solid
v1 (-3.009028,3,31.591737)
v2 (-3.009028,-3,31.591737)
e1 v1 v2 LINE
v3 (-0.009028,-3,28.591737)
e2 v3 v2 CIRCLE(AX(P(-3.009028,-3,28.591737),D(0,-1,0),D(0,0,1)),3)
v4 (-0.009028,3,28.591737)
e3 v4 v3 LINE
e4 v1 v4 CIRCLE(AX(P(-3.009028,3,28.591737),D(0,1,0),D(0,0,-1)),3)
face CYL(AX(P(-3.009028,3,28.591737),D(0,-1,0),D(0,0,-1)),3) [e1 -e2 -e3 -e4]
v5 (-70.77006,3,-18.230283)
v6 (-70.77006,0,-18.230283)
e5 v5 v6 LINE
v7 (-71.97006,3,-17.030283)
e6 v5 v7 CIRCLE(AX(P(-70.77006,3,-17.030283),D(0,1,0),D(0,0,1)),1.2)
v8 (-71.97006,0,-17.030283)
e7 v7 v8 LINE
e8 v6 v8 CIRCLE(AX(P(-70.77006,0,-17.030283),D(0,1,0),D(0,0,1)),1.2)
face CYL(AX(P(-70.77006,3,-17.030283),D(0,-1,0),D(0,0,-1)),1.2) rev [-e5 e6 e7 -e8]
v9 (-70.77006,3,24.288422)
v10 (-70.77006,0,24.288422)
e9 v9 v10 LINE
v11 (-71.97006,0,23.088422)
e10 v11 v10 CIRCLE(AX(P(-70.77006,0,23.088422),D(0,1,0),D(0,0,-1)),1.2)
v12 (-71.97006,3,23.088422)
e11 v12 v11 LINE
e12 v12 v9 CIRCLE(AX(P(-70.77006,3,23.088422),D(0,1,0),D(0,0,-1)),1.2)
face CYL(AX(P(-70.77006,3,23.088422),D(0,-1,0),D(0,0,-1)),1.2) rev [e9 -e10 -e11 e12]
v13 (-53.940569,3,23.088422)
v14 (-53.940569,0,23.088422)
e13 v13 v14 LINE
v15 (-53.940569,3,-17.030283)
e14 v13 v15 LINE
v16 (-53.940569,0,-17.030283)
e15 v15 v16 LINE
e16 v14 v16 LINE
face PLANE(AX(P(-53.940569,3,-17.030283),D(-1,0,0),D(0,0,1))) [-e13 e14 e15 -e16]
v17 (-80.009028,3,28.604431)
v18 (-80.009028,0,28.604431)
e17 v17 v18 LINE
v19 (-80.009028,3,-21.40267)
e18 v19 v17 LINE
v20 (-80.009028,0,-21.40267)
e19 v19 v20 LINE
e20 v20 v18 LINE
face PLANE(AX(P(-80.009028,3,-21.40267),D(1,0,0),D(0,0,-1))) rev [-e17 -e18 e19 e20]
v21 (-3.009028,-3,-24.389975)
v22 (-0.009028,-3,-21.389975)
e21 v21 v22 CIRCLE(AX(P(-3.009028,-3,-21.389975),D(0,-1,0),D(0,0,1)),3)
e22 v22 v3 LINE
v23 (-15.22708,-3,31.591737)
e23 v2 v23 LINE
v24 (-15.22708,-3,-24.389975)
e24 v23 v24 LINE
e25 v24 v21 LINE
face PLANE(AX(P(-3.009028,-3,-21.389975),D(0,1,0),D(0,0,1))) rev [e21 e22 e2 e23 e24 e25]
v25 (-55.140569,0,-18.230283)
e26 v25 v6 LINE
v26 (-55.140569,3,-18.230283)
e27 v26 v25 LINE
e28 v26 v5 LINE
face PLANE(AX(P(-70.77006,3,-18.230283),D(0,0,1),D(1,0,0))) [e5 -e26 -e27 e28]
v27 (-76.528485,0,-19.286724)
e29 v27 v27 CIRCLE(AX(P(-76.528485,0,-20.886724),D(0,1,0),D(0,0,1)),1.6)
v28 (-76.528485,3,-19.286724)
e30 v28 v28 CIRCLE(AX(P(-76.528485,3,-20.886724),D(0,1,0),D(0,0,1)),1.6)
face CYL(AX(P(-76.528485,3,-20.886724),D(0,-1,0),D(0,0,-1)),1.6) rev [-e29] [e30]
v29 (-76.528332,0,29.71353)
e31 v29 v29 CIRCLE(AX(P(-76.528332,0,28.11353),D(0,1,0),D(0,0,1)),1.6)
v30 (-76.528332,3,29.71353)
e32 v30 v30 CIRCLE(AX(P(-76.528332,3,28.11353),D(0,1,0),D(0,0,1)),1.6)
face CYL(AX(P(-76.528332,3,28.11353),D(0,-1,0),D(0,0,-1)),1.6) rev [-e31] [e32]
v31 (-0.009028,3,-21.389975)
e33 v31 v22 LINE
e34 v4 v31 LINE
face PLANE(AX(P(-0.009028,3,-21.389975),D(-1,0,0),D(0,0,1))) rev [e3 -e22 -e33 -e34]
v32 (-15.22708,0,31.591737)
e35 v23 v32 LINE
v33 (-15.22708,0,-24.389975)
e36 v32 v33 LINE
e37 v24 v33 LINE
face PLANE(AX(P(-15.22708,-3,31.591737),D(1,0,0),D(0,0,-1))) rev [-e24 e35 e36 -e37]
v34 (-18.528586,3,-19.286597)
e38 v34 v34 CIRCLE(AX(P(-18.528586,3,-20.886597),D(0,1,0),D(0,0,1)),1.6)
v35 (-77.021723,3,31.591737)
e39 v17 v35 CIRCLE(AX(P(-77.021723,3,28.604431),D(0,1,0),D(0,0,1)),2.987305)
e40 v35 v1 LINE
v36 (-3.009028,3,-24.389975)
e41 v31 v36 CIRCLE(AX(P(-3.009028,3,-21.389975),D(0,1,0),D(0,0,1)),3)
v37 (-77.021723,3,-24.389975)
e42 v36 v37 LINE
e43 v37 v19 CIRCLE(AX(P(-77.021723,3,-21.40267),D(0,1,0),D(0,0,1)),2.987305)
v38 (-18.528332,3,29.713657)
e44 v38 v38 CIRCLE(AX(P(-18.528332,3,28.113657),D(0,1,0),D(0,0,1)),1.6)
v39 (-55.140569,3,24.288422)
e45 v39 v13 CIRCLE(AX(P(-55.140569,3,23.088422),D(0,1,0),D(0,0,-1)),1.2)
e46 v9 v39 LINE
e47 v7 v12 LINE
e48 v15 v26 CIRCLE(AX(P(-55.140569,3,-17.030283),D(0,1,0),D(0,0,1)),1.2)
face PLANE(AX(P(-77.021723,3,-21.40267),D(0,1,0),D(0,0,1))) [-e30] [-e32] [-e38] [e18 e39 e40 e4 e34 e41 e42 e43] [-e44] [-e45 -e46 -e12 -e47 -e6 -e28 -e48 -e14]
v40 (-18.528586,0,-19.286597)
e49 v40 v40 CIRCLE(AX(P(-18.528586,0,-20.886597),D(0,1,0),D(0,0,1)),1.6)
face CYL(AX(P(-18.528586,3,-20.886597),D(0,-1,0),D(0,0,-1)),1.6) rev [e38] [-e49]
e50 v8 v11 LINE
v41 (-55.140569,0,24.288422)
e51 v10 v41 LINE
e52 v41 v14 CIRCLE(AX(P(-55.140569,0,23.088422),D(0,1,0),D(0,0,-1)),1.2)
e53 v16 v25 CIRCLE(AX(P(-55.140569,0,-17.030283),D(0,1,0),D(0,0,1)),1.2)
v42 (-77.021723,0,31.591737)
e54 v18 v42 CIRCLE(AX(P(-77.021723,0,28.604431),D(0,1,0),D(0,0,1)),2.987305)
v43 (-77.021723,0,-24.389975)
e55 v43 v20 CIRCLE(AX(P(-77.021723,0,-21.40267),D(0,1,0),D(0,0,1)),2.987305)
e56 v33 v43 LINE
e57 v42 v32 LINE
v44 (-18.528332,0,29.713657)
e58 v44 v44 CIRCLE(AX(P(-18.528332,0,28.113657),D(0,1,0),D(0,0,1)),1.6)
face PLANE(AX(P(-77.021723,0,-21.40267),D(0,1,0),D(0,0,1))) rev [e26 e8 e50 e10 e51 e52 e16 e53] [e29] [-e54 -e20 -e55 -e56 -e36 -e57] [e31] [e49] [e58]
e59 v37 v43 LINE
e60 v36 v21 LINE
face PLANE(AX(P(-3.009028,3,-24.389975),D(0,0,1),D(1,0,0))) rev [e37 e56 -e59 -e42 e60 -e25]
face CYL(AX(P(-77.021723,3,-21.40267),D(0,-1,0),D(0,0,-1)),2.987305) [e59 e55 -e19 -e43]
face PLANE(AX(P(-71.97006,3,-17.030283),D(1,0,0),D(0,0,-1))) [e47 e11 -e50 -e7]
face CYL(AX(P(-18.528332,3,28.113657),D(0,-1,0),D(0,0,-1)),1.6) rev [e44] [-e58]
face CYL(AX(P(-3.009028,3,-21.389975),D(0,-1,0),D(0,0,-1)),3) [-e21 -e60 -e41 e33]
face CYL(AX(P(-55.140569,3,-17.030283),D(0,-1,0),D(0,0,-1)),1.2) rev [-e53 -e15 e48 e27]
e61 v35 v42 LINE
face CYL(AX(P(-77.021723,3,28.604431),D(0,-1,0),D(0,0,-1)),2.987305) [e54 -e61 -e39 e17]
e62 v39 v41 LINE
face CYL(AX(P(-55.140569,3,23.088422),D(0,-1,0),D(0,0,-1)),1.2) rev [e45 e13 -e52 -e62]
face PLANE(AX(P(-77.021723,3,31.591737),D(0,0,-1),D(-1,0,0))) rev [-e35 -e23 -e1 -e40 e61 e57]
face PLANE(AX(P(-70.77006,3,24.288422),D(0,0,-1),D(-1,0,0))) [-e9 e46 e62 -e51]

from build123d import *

# Parameters (mm, degrees)
SKETCH_1_R      = 1.6
EXTRUDE_1_DEPTH = 3
EXTRUDE_START   = 3
EXTRUDE_3_DEPTH = 3


with BuildPart() as part:
    # 草图1 → 凸台-拉伸1 (new body)
    with BuildSketch(Plane(origin=(0, 0, 0), x_dir=(1, 0, 0), z_dir=(0, 1, 0))):
        with BuildLine():
            Line((-0.009028181, 21.389975432), (-0.009028181, -28.591736531))
            ThreePointArc((-0.009028181, -28.591736531), (-0.887707838, -30.713056875), (-3.009028181, -31.591736531))
            Line((-3.009028181, -31.591736531), (-77.021723127, -31.591736531))
            ThreePointArc((-77.021723127, -31.591736531), (-79.134066788, -30.716775138), (-80.009028181, -28.604431477))
            Line((-80.009028181, -28.604431477), (-80.009028181, 21.402670377))
            ThreePointArc((-80.009028181, 21.402670377), (-79.134066788, 23.515014039), (-77.021723127, 24.389975432))
            Line((-77.021723127, 24.389975432), (-3.009028181, 24.389975432))
            ThreePointArc((-3.009028181, 24.389975432), (-0.887707838, 23.511295776), (-0.009028181, 21.389975432))
        make_face()
        with Locations(Location((-76.52848462, 20.886724226, 0), (0, 0, 270))):
            Circle(SKETCH_1_R, mode=Mode.SUBTRACT)
        with Locations(Location((-18.52858622, 20.886597225, 0), (0, 0, 270))):
            Circle(SKETCH_1_R, mode=Mode.SUBTRACT)
        with Locations(Location((-18.52833222, -28.113656775, 0), (0, 0, 270))):
            Circle(SKETCH_1_R, mode=Mode.SUBTRACT)
        with Locations(Location((-76.52833222, -28.113529775, 0), (0, 0, 270))):
            Circle(SKETCH_1_R, mode=Mode.SUBTRACT)
        with BuildLine():
            Line((-70.770059731, 18.230282987), (-55.140568984, 18.230282987))
            ThreePointArc((-55.140568984, 18.230282987), (-54.292040846, 17.878811124), (-53.940568984, 17.030282987))
            Line((-53.940568984, 17.030282987), (-53.940568984, -23.088422311))
            ThreePointArc((-53.940568984, -23.088422311), (-54.292040846, -23.936950448), (-55.140568984, -24.288422311))
            Line((-55.140568984, -24.288422311), (-70.770059731, -24.288422311))
            ThreePointArc((-70.770059731, -24.288422311), (-71.618587868, -23.936950448), (-71.970059731, -23.088422311))
            Line((-71.970059731, -23.088422311), (-71.970059731, 17.030282987))
            ThreePointArc((-71.970059731, 17.030282987), (-71.618587868, 17.878811124), (-70.770059731, 18.230282987))
        make_face(mode=Mode.SUBTRACT)
    extrude(amount=EXTRUDE_1_DEPTH)

    # 草图3 → 凸台-拉伸3 (add)
    with BuildSketch(Plane.XZ.offset(EXTRUDE_START)):
        with BuildLine():
            Line((-15.227079657, 31.591736531), (-3.009028181, 31.591736531))
            ThreePointArc((-3.009028181, 31.591736531), (-0.887707838, 30.713056875), (-0.009028181, 28.591736531))
            Line((-0.009028181, 28.591736531), (-0.009028181, -21.389975432))
            ThreePointArc((-0.009028181, -21.389975432), (-0.887707838, -23.511295776), (-3.009028181, -24.389975432))
            Line((-3.009028181, -24.389975432), (-15.227079657, -24.389975432))
            Line((-15.227079657, -24.389975432), (-15.227079657, 31.591736531))
        make_face()
    extrude(amount=-EXTRUDE_3_DEPTH)


solid = part.part
